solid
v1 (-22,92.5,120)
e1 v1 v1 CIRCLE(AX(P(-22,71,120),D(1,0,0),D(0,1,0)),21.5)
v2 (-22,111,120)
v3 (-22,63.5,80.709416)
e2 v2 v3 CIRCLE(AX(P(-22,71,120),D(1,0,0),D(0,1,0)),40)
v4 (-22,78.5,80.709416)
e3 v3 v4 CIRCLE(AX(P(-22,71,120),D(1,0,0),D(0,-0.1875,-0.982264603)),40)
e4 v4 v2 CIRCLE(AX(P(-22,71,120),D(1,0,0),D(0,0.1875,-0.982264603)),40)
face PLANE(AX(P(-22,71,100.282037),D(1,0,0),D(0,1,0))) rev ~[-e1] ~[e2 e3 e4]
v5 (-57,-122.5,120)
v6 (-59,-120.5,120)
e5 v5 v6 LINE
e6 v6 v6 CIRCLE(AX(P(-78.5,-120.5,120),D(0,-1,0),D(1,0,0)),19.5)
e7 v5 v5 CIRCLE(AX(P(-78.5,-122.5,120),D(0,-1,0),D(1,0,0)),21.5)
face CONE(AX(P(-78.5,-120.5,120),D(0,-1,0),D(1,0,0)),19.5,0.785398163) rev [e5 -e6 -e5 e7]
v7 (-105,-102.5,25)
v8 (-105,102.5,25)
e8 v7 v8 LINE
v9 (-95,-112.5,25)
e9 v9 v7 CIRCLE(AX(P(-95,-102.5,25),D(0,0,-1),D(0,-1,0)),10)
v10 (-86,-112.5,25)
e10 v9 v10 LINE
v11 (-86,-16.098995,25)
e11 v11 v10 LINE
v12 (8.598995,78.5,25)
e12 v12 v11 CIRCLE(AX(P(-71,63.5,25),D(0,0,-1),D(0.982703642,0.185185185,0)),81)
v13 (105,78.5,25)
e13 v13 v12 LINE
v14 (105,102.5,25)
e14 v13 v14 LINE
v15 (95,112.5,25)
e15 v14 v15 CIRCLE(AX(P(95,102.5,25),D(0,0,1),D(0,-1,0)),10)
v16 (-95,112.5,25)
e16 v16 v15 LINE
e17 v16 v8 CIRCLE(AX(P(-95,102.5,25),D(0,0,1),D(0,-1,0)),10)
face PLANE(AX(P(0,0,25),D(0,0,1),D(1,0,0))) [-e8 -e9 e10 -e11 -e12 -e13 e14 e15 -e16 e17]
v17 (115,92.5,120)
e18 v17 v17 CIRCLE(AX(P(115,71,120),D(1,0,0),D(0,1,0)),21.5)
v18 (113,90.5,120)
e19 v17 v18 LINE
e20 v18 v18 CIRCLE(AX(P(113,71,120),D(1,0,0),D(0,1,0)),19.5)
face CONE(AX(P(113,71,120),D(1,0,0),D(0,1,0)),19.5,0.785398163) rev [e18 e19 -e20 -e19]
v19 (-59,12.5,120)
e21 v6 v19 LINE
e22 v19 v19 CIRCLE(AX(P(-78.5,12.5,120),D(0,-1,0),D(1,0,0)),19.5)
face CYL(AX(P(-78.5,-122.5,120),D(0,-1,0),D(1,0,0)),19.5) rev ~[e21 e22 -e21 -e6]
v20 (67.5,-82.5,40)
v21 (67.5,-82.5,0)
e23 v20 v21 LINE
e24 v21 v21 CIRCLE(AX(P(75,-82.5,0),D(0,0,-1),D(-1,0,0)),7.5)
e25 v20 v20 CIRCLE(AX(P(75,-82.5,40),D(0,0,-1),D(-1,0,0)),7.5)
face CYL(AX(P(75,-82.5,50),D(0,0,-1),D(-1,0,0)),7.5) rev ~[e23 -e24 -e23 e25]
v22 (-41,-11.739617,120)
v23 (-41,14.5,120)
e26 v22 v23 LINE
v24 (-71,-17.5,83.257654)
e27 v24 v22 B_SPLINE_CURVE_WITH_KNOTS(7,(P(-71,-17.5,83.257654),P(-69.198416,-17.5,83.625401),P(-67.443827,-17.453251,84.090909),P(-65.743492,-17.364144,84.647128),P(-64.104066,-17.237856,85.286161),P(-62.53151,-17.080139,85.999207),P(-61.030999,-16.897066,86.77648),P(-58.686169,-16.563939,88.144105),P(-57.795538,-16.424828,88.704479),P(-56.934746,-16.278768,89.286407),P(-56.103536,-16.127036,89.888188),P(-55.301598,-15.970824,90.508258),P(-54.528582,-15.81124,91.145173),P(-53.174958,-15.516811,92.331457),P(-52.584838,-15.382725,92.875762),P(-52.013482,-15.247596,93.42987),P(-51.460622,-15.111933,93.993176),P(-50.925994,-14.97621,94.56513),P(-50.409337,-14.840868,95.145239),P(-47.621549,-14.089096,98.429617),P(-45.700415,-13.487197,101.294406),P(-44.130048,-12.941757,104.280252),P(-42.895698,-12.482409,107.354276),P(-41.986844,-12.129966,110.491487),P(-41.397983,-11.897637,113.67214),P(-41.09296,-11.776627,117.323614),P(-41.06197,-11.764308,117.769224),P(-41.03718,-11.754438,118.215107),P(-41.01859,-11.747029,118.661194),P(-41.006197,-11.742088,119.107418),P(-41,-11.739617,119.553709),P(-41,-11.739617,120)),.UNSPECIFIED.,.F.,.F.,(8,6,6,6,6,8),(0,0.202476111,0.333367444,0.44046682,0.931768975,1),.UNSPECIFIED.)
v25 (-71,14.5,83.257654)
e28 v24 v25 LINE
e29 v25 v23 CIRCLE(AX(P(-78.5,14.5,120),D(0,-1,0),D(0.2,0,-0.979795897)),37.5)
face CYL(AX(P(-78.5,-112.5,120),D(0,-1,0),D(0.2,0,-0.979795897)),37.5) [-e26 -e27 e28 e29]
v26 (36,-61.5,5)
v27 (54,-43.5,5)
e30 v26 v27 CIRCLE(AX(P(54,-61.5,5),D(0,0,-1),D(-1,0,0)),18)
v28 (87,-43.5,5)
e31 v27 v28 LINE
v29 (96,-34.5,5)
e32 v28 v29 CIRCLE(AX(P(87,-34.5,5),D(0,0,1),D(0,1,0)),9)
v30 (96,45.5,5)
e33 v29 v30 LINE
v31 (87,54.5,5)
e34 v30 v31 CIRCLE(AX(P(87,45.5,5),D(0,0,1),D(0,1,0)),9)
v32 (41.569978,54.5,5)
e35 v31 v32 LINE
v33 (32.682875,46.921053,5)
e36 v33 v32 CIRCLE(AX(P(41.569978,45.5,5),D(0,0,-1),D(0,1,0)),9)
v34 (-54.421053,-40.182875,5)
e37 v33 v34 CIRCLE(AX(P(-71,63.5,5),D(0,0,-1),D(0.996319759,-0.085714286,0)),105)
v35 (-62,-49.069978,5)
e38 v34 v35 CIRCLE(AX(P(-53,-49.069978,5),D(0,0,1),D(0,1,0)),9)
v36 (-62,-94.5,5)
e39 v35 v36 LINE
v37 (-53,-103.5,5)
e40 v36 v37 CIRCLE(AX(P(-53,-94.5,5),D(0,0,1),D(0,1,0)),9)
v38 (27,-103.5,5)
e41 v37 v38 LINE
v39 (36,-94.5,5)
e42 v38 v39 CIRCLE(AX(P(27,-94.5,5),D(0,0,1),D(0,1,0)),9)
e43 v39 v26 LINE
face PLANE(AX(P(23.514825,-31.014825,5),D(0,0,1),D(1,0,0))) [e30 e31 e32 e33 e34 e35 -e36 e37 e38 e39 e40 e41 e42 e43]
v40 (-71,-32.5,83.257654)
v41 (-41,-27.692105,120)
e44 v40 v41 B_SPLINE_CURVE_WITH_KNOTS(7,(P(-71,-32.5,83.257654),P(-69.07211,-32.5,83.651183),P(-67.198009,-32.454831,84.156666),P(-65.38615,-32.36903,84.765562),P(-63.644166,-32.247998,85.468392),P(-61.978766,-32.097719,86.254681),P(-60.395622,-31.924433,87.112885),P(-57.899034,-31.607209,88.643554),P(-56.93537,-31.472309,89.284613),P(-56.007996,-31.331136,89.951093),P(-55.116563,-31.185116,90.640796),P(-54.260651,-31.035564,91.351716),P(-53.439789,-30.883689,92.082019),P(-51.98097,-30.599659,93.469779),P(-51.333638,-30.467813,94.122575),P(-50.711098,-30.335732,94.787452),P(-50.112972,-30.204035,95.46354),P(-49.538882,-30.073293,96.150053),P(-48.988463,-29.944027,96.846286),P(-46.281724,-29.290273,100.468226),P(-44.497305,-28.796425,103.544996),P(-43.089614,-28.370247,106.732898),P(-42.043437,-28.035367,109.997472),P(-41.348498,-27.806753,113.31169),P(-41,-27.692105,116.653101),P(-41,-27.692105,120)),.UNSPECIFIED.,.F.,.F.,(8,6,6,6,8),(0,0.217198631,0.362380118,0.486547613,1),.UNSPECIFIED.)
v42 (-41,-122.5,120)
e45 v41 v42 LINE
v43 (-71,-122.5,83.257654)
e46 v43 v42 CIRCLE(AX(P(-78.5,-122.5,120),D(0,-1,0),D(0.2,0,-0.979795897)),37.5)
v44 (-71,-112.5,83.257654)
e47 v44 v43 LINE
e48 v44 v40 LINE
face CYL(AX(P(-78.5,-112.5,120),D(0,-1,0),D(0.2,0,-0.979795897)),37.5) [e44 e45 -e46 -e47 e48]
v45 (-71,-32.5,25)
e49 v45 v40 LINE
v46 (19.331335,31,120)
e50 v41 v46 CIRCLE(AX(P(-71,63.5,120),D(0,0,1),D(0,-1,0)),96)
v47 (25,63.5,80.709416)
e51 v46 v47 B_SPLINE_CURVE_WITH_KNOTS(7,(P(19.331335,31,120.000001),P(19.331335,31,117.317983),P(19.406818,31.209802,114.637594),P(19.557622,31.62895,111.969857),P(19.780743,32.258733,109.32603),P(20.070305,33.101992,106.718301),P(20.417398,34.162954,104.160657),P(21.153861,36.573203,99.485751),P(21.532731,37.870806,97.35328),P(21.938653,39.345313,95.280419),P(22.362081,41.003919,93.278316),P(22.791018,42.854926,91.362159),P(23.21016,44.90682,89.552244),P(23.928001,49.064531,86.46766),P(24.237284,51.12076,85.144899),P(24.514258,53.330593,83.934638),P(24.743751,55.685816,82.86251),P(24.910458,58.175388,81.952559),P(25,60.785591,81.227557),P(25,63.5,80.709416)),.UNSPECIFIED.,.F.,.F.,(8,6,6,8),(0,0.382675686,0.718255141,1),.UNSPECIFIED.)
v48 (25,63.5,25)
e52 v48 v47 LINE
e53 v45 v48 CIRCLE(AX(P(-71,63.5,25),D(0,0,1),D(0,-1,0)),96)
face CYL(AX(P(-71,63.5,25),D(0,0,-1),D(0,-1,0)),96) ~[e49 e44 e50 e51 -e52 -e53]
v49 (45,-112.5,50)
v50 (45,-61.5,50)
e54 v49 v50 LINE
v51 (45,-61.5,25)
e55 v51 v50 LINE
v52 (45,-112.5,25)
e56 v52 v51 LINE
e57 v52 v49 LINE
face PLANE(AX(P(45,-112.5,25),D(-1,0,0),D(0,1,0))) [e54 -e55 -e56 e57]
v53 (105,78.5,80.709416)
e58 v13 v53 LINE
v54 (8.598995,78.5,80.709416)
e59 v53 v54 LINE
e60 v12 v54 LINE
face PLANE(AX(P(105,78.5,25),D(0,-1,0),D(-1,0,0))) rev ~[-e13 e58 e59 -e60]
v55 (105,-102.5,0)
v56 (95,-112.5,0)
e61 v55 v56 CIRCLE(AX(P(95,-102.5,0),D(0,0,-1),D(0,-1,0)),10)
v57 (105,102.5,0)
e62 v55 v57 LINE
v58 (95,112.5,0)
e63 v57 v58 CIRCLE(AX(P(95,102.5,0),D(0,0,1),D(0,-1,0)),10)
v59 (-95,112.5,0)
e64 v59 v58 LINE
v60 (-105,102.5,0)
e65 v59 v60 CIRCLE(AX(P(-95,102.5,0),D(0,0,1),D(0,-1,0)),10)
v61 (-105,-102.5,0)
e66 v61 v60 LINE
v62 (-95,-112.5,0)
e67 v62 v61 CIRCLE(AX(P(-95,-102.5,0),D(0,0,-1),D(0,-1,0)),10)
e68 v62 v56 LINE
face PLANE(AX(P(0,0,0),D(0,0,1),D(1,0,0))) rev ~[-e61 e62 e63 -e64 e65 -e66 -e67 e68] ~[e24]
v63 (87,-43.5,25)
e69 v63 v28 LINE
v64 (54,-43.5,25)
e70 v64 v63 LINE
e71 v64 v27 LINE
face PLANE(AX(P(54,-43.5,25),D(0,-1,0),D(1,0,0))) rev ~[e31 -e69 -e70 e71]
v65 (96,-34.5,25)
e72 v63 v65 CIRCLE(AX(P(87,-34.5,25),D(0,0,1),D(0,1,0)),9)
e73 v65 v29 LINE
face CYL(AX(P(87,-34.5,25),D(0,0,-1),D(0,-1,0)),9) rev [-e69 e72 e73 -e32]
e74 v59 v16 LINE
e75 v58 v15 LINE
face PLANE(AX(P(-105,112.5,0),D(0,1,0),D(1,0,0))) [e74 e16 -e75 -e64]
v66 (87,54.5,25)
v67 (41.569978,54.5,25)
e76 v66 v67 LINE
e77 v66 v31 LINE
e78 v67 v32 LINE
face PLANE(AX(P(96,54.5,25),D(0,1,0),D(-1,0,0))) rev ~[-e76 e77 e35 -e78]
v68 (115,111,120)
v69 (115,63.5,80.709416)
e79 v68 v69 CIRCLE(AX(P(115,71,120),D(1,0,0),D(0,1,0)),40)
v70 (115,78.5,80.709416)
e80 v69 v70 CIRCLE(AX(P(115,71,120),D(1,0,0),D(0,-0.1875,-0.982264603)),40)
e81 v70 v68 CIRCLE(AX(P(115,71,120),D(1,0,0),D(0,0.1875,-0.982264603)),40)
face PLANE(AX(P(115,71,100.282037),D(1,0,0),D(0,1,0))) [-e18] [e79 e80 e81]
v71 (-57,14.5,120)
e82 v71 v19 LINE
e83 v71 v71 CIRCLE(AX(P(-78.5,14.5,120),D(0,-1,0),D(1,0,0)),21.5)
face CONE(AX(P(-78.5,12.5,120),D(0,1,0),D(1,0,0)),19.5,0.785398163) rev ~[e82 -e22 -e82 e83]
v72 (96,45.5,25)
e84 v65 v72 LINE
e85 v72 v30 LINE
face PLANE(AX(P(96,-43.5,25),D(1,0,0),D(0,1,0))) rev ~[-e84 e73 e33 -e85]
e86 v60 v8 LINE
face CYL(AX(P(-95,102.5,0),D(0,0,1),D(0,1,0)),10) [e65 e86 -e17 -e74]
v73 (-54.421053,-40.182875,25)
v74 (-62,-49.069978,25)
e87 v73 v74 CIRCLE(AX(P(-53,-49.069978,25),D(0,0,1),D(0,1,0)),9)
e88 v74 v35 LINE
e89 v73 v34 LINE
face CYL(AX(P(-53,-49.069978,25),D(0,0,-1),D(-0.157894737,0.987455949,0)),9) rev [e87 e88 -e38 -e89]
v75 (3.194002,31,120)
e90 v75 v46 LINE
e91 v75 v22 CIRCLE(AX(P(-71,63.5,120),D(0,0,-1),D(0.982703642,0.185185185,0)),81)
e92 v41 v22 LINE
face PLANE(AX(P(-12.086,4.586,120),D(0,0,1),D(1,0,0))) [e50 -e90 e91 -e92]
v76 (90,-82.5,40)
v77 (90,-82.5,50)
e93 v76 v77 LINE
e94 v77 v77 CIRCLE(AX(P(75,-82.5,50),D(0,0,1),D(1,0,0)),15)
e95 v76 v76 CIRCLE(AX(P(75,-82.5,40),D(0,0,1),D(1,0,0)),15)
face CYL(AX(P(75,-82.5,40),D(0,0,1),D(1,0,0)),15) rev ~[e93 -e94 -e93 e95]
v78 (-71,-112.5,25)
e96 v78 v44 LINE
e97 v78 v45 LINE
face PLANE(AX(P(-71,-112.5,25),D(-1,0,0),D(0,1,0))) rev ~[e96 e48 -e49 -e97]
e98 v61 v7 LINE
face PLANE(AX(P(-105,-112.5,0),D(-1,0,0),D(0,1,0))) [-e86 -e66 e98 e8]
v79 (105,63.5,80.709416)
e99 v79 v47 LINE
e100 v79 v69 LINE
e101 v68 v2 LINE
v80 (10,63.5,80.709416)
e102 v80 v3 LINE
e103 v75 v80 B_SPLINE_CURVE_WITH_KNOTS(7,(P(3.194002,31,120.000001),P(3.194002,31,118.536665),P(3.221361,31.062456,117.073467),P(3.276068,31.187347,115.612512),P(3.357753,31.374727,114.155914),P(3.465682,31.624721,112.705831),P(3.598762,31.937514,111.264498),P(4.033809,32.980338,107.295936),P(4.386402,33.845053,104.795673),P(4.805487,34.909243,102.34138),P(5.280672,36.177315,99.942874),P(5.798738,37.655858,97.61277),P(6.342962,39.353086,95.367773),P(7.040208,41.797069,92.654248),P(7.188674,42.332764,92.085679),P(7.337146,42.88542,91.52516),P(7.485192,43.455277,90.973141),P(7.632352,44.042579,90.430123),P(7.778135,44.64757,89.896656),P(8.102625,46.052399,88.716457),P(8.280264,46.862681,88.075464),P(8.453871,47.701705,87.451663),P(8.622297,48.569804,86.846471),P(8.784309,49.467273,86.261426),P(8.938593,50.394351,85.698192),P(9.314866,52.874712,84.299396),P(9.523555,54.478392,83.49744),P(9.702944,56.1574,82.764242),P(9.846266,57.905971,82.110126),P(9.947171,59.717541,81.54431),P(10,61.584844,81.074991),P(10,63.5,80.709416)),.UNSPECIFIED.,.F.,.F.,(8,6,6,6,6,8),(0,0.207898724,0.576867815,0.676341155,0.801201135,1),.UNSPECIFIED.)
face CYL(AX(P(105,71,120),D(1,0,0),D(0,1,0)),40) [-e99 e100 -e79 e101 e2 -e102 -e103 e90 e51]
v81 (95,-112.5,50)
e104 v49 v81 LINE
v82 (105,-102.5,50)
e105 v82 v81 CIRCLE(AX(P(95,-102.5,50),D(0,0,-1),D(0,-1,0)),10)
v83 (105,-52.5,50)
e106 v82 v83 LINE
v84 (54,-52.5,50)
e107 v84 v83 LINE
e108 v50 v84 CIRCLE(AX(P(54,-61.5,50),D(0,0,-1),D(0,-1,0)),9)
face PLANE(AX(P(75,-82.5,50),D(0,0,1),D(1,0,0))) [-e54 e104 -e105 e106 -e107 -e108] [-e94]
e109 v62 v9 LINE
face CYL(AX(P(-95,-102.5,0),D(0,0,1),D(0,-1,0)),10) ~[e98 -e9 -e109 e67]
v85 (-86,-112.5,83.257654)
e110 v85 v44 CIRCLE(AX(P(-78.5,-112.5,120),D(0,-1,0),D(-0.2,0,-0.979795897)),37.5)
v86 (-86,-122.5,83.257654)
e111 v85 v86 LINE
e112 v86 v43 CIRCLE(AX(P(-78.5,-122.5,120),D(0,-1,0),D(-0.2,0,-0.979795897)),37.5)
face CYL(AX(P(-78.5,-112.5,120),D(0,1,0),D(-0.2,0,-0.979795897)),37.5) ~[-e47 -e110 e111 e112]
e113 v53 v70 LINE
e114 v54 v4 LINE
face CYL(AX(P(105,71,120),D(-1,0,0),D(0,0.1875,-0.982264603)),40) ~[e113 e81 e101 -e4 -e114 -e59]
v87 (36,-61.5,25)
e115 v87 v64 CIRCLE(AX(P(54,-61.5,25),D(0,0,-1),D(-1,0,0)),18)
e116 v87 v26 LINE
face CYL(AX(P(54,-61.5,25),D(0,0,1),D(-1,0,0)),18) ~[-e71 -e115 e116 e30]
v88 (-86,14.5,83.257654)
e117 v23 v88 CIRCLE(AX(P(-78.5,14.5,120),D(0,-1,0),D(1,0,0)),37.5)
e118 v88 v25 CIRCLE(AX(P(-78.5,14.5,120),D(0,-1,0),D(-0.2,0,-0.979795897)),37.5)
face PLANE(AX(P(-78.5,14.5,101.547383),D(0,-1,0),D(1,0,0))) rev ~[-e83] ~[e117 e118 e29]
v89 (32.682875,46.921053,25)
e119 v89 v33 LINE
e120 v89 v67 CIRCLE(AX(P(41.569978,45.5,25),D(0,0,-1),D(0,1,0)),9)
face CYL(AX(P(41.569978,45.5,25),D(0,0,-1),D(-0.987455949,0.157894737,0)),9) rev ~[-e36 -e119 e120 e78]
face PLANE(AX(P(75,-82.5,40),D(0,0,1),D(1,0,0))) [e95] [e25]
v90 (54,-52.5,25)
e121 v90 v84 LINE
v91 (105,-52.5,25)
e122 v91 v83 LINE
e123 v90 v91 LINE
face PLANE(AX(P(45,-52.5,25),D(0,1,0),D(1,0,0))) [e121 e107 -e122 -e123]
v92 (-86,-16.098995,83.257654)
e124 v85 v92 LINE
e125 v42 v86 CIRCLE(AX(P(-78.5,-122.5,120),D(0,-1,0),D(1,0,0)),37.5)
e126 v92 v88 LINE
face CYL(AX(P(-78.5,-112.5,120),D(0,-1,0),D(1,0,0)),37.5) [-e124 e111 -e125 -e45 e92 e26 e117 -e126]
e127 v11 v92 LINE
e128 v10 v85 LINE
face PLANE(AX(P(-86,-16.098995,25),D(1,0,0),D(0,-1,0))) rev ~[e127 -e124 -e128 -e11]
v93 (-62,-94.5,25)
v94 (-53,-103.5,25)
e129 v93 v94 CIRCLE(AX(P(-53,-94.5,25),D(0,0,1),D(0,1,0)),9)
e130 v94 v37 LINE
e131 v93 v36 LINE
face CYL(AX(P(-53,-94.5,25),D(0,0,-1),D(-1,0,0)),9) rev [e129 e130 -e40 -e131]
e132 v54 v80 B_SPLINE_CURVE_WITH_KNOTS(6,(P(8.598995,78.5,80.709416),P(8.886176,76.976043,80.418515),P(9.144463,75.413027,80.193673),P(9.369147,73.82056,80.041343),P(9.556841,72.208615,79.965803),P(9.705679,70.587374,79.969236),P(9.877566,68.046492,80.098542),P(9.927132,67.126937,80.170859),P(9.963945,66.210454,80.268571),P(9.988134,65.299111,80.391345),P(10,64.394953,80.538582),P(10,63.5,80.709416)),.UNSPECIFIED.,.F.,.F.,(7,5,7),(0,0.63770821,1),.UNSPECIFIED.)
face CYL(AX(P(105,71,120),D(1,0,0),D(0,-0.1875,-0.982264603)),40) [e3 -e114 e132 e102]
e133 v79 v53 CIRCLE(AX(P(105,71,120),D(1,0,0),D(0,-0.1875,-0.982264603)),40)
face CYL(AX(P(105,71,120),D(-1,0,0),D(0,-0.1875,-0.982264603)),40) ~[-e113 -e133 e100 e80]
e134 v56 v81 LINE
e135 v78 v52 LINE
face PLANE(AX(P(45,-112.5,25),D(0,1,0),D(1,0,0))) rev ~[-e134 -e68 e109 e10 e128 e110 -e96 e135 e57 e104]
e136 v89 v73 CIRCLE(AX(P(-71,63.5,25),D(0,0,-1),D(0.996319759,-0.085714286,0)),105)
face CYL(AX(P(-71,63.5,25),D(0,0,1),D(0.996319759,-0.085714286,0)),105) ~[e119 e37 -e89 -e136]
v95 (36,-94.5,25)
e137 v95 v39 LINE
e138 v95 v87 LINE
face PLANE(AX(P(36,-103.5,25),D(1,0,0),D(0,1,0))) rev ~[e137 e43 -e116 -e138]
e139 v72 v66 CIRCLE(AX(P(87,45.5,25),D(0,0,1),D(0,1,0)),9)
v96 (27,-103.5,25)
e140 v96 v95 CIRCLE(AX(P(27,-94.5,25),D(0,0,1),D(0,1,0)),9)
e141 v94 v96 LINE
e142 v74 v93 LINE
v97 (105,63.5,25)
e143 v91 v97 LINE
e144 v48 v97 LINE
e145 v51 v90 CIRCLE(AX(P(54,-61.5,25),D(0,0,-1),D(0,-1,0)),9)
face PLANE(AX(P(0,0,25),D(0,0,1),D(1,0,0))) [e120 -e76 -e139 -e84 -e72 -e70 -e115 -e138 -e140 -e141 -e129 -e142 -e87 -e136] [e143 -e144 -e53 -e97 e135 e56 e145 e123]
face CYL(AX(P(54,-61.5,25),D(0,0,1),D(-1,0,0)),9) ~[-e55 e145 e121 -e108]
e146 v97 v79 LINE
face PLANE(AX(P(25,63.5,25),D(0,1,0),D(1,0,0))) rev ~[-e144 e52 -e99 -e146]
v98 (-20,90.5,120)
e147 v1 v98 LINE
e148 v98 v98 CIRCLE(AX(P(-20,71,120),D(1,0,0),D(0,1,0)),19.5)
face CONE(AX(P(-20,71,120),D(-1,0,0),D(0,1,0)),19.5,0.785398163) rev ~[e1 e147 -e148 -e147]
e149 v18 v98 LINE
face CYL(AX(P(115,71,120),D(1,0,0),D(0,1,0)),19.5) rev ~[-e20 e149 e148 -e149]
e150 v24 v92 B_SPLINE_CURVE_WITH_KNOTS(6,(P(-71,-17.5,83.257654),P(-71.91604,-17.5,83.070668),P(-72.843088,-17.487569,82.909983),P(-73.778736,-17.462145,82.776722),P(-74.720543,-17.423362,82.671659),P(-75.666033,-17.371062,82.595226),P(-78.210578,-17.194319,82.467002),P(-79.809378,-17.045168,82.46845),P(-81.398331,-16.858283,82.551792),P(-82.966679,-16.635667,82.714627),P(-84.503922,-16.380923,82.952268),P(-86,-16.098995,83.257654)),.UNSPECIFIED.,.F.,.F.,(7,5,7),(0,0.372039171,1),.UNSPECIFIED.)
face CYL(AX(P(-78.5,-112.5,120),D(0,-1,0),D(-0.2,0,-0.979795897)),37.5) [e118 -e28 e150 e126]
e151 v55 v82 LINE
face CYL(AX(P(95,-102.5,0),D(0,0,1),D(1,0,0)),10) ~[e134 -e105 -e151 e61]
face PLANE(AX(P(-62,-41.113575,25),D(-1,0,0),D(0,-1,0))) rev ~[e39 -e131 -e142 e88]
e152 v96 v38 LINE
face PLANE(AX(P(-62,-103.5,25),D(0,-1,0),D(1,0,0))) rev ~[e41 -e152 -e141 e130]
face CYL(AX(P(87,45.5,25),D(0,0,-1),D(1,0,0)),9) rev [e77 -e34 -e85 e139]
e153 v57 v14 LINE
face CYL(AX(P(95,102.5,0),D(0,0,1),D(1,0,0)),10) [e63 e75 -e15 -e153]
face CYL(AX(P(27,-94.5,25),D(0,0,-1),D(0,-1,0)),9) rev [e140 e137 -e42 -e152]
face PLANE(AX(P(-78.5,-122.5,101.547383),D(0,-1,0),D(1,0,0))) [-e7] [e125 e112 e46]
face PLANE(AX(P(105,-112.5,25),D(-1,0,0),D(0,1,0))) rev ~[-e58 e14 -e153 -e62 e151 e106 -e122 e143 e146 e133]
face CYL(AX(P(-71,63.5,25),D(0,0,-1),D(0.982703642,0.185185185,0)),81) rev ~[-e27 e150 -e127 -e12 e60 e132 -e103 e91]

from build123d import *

# Parameters (mm, degrees)
F0_W            = 210
F0_H            = 225
F1_DEPTH        = 25
F3_DEPTH        = 95
F5_DEPTH        = 10
F5_DEPTH_BACK   = 127
F7_DEPTH        = 10
F7_DEPTH_BACK   = 127
F8_W            = 60
F8_H            = 60
F9_DEPTH        = 25
F10_R           = 9
F12_DEPTH       = 20
F14_D           = 15
F14_CBORE_D     = 30
F14_CBORE_DEPTH = 10
F15_R           = 9
F16_R           = 19.5
F17_DEPTH       = 235.001
F18_R           = 19.5
F19_DEPTH       = 231.0010001
F20_SIZE        = 2
F21_R           = 10


with BuildPart() as f1:
    # F0 (on Top) → F1 (new body)
    with BuildSketch(Plane.XY):
        Rectangle(F0_W, F0_H)
    extrude(amount=F1_DEPTH)

    # F2 (on face) → F3 (join)
    with BuildSketch(Plane.XY.offset(25)):
        with BuildLine():
            Line((-86, -112.5), (-71, -112.5))
            Line((-71, -112.5), (-71, -32.5))
            ThreePointArc((-71, -32.5), (-3.1177490061, -4.3822509939), (25, 63.5))
            Line((25, 63.5), (105, 63.5))
            Line((105, 63.5), (105, 78.5))
            Line((105, 78.5), (8.5989949685, 78.5))
            ThreePointArc((8.5989949685, 78.5), (-13.7243507239, 6.2243507239), (-86, -16.0989949685))
            Line((-86, -16.0989949685), (-86, -112.5))
        make_face()
    extrude(amount=F3_DEPTH)

    # F4 (on face) → F5 (join, two sides)
    with BuildSketch(Plane.XZ.offset(112.5)) as f5_sk:
        with BuildLine():
            Line((-86, 120), (-86, 83.2576538583))
            ThreePointArc((-86, 83.2576538583), (-78.5, 82.5), (-71, 83.2576538583))
            Line((-71, 83.2576538583), (-71, 120))
            Line((-71, 120), (-86, 120))
        make_face()
        with BuildLine():
            ThreePointArc((-71, 83.2576538583), (-49.4526249034, 96.2829175487), (-41, 120))
            ThreePointArc((-41, 120), (-102.2170824513, 149.0473750966), (-86, 83.2576538583))
            Line((-86, 83.2576538583), (-86, 120))
            Line((-86, 120), (-71, 120))
            Line((-71, 120), (-71, 83.2576538583))
        make_face()
    extrude(amount=F5_DEPTH)
    extrude(f5_sk.sketch, amount=-F5_DEPTH_BACK)

    # F6 (on face) → F7 (join, two sides)
    with BuildSketch(Plane.YZ.offset(105)) as f7_sk:
        with BuildLine():
            Line((63.5, 120), (63.5, 80.7094158862))
            ThreePointArc((63.5, 80.7094158862), (71, 80), (78.5, 80.7094158862))
            Line((78.5, 80.7094158862), (78.5, 120))
            Line((78.5, 120), (63.5, 120))
        make_face()
        with BuildLine():
            ThreePointArc((78.5, 80.7094158862), (101.8220700148, 94.504902432), (111, 120))
            ThreePointArc((111, 120), (45.504902432, 150.8220700148), (63.5, 80.7094158862))
            Line((63.5, 80.7094158862), (63.5, 120))
            Line((63.5, 120), (78.5, 120))
            Line((78.5, 120), (78.5, 80.7094158862))
        make_face()
    extrude(amount=F7_DEPTH)
    extrude(f7_sk.sketch, amount=-F7_DEPTH_BACK)

    # F8 (on face) → F9 (join)
    with BuildSketch(Plane.XY.offset(25)):
        with Locations((75, -82.5)):
            Rectangle(F8_W, F8_H)
    extrude(amount=F9_DEPTH)

    # F10
    f10_edges = [f1.edges().sort_by_distance(p)[0] for p in [
        (45, -52.5, 37.5),
    ]]
    fillet(f10_edges, radius=F10_R)

    # F11 (on face) → F12 (cut)
    with BuildSketch(Plane.XY.offset(25)):
        with BuildLine():
            ThreePointArc((33.613574645, 54.5), (3.2462120246, -10.7462120246), (-62, -41.113574645))
            Line((-62, -41.113574645), (-62, -103.5))
            Line((-62, -103.5), (36, -103.5))
            Line((36, -103.5), (36, -61.5))
            ThreePointArc((36, -61.5), (41.2720779386, -48.7720779386), (54, -43.5))
            Line((54, -43.5), (96, -43.5))
            Line((96, -43.5), (96, 54.5))
            Line((96, 54.5), (33.613574645, 54.5))
        make_face()
    extrude(amount=-F12_DEPTH, mode=Mode.SUBTRACT)

    # F14 (through all)
    with Locations(Plane.XY.offset(50)):
        with Locations((75, -82.5)):
            CounterBoreHole(F14_D / 2, F14_CBORE_D / 2, F14_CBORE_DEPTH)

    # F15
    f15_edges = [f1.edges().sort_by_distance(p)[0] for p in [
        (33.613575, 54.5, 15),
        (96, 54.5, 15),
        (-62, -41.113575, 15),
        (-62, -103.5, 15),
        (36, -103.5, 15),
        (96, -43.5, 15),
    ]]
    fillet(f15_edges, radius=F15_R)

    # F16 (on face) → F17 (cut, through all)
    with BuildSketch(Plane.XZ.offset(122.5)):
        with Locations((-78.5, 120)):
            Circle(F16_R)
    extrude(amount=-F17_DEPTH, mode=Mode.SUBTRACT)

    # F18 (on face) → F19 (cut, through all)
    with BuildSketch(Plane.YZ.offset(115)):
        with Locations((71, 120)):
            Circle(F18_R)
    extrude(amount=-F19_DEPTH, mode=Mode.SUBTRACT)

    # F20
    f20_edges = [f1.edges().sort_by_distance(p)[0] for p in [
        (-98, -122.5, 120),
        (115, 51.5, 120),
        (-22, 51.5, 120),
        (-98, 14.5, 120),
    ]]
    chamfer(f20_edges, length=F20_SIZE)

    # F21
    f21_edges = [f1.edges().sort_by_distance(p)[0] for p in [
        (105, -112.5, 25),
        (105, 112.5, 12.5),
        (-105, -112.5, 12.5),
        (-105, 112.5, 12.5),
    ]]
    fillet(f21_edges, radius=F21_R)


solid = f1.part
